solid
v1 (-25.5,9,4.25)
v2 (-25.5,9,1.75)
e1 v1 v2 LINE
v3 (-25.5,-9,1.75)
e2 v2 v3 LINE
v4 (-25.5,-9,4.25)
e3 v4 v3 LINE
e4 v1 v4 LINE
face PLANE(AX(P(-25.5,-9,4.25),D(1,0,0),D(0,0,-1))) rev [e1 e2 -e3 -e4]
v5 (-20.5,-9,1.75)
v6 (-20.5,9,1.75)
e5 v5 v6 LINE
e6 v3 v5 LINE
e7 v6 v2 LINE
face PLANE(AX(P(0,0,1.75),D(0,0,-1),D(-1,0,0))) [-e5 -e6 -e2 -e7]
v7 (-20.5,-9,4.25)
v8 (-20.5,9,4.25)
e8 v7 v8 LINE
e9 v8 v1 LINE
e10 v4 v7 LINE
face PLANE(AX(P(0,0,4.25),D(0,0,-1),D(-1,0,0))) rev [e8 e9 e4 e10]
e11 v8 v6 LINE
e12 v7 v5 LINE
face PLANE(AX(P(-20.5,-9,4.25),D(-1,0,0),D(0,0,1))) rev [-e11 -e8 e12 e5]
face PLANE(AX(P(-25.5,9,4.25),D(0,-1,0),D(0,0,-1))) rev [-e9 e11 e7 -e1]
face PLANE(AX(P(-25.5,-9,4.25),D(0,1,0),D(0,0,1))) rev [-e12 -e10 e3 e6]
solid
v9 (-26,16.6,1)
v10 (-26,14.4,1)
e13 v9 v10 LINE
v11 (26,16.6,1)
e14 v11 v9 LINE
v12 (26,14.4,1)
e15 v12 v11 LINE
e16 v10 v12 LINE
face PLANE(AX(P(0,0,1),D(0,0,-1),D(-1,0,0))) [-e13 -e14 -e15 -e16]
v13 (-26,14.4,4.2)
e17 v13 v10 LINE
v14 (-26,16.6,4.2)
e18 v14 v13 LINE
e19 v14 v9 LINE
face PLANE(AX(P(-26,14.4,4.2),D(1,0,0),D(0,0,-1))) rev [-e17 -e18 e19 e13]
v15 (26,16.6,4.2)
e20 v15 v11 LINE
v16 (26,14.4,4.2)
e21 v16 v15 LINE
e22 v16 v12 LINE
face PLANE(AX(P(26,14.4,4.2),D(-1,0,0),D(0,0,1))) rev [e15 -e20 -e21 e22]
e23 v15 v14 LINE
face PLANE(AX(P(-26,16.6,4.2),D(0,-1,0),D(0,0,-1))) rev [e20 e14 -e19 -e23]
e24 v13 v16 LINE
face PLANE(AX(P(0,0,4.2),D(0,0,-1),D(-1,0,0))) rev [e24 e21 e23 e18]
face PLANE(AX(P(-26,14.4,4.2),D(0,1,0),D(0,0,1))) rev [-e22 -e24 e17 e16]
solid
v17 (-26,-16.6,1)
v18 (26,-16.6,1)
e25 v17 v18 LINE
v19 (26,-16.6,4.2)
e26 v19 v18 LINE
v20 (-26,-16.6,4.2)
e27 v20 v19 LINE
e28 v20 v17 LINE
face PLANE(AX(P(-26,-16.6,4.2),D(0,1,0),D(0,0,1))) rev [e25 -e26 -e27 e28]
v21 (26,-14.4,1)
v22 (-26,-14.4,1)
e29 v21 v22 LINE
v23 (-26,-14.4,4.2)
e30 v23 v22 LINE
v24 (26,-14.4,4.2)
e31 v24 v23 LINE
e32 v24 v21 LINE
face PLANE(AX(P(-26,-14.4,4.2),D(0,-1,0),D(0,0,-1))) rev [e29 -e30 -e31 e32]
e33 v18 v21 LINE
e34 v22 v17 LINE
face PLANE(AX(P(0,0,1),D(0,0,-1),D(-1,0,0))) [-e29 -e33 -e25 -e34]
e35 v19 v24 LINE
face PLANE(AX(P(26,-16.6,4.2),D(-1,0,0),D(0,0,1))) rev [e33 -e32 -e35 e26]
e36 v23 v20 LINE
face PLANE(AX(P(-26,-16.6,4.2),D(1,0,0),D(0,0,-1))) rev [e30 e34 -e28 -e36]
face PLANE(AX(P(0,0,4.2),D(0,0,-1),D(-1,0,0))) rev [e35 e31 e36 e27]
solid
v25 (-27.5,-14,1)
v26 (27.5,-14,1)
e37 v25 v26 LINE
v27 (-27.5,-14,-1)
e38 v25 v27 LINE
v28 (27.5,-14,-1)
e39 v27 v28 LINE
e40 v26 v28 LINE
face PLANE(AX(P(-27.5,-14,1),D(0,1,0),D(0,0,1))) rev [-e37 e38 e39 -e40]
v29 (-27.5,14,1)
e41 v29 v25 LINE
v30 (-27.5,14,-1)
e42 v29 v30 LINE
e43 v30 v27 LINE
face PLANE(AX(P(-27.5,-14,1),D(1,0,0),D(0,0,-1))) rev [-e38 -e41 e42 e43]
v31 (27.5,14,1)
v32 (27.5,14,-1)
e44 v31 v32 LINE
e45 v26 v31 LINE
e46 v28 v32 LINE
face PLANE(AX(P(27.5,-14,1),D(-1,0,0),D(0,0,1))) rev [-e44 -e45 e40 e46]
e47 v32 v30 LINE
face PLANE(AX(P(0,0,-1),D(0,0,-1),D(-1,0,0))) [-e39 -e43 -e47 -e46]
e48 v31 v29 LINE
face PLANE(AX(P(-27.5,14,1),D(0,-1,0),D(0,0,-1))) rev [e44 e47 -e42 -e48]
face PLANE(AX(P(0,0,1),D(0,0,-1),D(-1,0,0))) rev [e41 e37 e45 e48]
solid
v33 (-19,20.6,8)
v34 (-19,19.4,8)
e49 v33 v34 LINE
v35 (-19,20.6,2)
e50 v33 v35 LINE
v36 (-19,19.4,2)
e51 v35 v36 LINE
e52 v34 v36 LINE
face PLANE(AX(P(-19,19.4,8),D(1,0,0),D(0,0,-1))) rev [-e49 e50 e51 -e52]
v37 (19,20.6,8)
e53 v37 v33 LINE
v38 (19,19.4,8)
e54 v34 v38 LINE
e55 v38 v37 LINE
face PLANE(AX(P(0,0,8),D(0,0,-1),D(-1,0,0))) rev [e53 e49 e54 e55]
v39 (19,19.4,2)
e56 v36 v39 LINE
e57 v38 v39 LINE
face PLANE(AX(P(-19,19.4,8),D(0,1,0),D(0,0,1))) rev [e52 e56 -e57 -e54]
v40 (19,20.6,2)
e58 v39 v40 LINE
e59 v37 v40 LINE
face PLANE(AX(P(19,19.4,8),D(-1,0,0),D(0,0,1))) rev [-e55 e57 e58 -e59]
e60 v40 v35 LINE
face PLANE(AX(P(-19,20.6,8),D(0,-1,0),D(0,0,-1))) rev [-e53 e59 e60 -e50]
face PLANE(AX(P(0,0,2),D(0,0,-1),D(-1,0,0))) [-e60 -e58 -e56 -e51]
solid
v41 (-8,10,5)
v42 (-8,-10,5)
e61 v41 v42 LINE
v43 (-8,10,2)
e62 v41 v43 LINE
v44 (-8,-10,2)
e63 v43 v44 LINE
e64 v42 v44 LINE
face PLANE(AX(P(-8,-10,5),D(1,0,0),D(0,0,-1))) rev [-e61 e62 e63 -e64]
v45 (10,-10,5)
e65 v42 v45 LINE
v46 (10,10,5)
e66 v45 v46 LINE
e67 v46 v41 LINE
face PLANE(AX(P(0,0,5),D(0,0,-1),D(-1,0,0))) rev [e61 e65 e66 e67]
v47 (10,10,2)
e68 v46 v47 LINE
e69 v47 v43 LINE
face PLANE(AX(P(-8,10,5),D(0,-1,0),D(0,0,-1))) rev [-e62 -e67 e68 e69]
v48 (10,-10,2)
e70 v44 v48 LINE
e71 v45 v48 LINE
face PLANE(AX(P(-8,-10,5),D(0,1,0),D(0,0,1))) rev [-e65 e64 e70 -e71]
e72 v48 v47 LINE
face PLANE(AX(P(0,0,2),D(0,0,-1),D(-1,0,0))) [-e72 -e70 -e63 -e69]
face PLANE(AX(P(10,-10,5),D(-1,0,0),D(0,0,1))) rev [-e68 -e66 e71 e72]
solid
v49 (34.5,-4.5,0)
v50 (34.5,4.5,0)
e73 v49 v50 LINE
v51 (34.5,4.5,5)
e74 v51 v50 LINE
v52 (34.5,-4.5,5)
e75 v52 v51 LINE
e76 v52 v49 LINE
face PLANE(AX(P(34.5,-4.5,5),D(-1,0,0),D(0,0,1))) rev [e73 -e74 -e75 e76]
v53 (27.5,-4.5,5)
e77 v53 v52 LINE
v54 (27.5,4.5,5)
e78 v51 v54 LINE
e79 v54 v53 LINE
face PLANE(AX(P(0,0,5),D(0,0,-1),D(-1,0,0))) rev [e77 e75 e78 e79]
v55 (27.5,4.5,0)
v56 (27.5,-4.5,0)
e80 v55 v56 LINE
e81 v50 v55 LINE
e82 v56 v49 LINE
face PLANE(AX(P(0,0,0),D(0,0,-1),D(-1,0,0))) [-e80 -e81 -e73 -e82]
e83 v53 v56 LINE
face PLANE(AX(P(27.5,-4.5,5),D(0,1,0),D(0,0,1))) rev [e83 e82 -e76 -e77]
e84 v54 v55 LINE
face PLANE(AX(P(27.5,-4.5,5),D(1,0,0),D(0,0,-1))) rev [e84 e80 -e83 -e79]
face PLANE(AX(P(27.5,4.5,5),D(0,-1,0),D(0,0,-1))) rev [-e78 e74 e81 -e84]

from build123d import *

# Parameters (mm, degrees)
ESP32_START                              = -1
SKETCH_1_W                               = 55
SKETCH_1_H                               = 28
ESP32_DEVKIT_PCB_APPROX_55_X_28_MM_DEPTH = 2
ESP_WROOM_START                          = 2
SKETCH_2_W                               = 18
SKETCH_2_H                               = 20
ESP_WROOM_SHIELD_CAN_DEPTH               = 3
SKETCH_3_W                               = 7
SKETCH_3_H                               = 9
MICRO_USB_CONNECTOR_DEPTH                = 5
RESET_START                              = 1.75
SKETCH_4_W                               = 5
SKETCH_4_H                               = 18
RESET_BOOT_BUTTON_PAIR_DEPTH             = 2.5
LEFT_START                               = 1
SKETCH_5_W                               = 52
SKETCH_5_H                               = 2.2
LEFT_PIN_HEADER_ROW_DEPTH                = 3.2
RIGHT_START                              = 1
SKETCH_6_W                               = 52
SKETCH_6_H                               = 2.2
RIGHT_PIN_HEADER_ROW_DEPTH               = 3.2
ESP32_START_2                            = 2
SKETCH_7_W                               = 38
SKETCH_7_H                               = 1.2
ESP32_LABEL_PLATE_ESP32_55X28_DEPTH      = 6


with BuildPart() as part:
    # 草图1 → ESP32 DevKit PCB - approx 55 x 28 mm (new body)
    with BuildSketch(Plane.XY.offset(ESP32_START)):
        Rectangle(SKETCH_1_W, SKETCH_1_H)
    extrude(amount=ESP32_DEVKIT_PCB_APPROX_55_X_28_MM_DEPTH)


with BuildPart() as body_2:
    # 草图2 → ESP-WROOM shield can (new body)
    with BuildSketch(Plane.XY.offset(ESP_WROOM_START)):
        with Locations((1, 0)):
            Rectangle(SKETCH_2_W, SKETCH_2_H)
    extrude(amount=ESP_WROOM_SHIELD_CAN_DEPTH)


with BuildPart() as body_3:
    # 草图3 → micro USB connector (new body)
    with BuildSketch(Plane.XY):
        with Locations((31, 0)):
            Rectangle(SKETCH_3_W, SKETCH_3_H)
    extrude(amount=MICRO_USB_CONNECTOR_DEPTH)


with BuildPart() as body_4:
    # 草图4 → reset / boot button pair (new body)
    with BuildSketch(Plane.XY.offset(RESET_START)):
        with Locations((-23, 0)):
            Rectangle(SKETCH_4_W, SKETCH_4_H)
    extrude(amount=RESET_BOOT_BUTTON_PAIR_DEPTH)


with BuildPart() as body_5:
    # 草图5 → left pin header row (new body)
    with BuildSketch(Plane.XY.offset(LEFT_START)):
        with Locations((0, -15.5)):
            Rectangle(SKETCH_5_W, SKETCH_5_H)
    extrude(amount=LEFT_PIN_HEADER_ROW_DEPTH)


with BuildPart() as body_6:
    # 草图6 → right pin header row (new body)
    with BuildSketch(Plane.XY.offset(RIGHT_START)):
        with Locations((0, 15.5)):
            Rectangle(SKETCH_6_W, SKETCH_6_H)
    extrude(amount=RIGHT_PIN_HEADER_ROW_DEPTH)


with BuildPart() as body_7:
    # 草图7 → esp32 label plate - ESP32 55x28 (new body)
    with BuildSketch(Plane.XY.offset(ESP32_START_2)):
        with Locations((0, 20)):
            Rectangle(SKETCH_7_W, SKETCH_7_H)
    extrude(amount=ESP32_LABEL_PLATE_ESP32_55X28_DEPTH)


solid = Compound([part.part, body_2.part, body_3.part, body_4.part, body_5.part, body_6.part, body_7.part])
